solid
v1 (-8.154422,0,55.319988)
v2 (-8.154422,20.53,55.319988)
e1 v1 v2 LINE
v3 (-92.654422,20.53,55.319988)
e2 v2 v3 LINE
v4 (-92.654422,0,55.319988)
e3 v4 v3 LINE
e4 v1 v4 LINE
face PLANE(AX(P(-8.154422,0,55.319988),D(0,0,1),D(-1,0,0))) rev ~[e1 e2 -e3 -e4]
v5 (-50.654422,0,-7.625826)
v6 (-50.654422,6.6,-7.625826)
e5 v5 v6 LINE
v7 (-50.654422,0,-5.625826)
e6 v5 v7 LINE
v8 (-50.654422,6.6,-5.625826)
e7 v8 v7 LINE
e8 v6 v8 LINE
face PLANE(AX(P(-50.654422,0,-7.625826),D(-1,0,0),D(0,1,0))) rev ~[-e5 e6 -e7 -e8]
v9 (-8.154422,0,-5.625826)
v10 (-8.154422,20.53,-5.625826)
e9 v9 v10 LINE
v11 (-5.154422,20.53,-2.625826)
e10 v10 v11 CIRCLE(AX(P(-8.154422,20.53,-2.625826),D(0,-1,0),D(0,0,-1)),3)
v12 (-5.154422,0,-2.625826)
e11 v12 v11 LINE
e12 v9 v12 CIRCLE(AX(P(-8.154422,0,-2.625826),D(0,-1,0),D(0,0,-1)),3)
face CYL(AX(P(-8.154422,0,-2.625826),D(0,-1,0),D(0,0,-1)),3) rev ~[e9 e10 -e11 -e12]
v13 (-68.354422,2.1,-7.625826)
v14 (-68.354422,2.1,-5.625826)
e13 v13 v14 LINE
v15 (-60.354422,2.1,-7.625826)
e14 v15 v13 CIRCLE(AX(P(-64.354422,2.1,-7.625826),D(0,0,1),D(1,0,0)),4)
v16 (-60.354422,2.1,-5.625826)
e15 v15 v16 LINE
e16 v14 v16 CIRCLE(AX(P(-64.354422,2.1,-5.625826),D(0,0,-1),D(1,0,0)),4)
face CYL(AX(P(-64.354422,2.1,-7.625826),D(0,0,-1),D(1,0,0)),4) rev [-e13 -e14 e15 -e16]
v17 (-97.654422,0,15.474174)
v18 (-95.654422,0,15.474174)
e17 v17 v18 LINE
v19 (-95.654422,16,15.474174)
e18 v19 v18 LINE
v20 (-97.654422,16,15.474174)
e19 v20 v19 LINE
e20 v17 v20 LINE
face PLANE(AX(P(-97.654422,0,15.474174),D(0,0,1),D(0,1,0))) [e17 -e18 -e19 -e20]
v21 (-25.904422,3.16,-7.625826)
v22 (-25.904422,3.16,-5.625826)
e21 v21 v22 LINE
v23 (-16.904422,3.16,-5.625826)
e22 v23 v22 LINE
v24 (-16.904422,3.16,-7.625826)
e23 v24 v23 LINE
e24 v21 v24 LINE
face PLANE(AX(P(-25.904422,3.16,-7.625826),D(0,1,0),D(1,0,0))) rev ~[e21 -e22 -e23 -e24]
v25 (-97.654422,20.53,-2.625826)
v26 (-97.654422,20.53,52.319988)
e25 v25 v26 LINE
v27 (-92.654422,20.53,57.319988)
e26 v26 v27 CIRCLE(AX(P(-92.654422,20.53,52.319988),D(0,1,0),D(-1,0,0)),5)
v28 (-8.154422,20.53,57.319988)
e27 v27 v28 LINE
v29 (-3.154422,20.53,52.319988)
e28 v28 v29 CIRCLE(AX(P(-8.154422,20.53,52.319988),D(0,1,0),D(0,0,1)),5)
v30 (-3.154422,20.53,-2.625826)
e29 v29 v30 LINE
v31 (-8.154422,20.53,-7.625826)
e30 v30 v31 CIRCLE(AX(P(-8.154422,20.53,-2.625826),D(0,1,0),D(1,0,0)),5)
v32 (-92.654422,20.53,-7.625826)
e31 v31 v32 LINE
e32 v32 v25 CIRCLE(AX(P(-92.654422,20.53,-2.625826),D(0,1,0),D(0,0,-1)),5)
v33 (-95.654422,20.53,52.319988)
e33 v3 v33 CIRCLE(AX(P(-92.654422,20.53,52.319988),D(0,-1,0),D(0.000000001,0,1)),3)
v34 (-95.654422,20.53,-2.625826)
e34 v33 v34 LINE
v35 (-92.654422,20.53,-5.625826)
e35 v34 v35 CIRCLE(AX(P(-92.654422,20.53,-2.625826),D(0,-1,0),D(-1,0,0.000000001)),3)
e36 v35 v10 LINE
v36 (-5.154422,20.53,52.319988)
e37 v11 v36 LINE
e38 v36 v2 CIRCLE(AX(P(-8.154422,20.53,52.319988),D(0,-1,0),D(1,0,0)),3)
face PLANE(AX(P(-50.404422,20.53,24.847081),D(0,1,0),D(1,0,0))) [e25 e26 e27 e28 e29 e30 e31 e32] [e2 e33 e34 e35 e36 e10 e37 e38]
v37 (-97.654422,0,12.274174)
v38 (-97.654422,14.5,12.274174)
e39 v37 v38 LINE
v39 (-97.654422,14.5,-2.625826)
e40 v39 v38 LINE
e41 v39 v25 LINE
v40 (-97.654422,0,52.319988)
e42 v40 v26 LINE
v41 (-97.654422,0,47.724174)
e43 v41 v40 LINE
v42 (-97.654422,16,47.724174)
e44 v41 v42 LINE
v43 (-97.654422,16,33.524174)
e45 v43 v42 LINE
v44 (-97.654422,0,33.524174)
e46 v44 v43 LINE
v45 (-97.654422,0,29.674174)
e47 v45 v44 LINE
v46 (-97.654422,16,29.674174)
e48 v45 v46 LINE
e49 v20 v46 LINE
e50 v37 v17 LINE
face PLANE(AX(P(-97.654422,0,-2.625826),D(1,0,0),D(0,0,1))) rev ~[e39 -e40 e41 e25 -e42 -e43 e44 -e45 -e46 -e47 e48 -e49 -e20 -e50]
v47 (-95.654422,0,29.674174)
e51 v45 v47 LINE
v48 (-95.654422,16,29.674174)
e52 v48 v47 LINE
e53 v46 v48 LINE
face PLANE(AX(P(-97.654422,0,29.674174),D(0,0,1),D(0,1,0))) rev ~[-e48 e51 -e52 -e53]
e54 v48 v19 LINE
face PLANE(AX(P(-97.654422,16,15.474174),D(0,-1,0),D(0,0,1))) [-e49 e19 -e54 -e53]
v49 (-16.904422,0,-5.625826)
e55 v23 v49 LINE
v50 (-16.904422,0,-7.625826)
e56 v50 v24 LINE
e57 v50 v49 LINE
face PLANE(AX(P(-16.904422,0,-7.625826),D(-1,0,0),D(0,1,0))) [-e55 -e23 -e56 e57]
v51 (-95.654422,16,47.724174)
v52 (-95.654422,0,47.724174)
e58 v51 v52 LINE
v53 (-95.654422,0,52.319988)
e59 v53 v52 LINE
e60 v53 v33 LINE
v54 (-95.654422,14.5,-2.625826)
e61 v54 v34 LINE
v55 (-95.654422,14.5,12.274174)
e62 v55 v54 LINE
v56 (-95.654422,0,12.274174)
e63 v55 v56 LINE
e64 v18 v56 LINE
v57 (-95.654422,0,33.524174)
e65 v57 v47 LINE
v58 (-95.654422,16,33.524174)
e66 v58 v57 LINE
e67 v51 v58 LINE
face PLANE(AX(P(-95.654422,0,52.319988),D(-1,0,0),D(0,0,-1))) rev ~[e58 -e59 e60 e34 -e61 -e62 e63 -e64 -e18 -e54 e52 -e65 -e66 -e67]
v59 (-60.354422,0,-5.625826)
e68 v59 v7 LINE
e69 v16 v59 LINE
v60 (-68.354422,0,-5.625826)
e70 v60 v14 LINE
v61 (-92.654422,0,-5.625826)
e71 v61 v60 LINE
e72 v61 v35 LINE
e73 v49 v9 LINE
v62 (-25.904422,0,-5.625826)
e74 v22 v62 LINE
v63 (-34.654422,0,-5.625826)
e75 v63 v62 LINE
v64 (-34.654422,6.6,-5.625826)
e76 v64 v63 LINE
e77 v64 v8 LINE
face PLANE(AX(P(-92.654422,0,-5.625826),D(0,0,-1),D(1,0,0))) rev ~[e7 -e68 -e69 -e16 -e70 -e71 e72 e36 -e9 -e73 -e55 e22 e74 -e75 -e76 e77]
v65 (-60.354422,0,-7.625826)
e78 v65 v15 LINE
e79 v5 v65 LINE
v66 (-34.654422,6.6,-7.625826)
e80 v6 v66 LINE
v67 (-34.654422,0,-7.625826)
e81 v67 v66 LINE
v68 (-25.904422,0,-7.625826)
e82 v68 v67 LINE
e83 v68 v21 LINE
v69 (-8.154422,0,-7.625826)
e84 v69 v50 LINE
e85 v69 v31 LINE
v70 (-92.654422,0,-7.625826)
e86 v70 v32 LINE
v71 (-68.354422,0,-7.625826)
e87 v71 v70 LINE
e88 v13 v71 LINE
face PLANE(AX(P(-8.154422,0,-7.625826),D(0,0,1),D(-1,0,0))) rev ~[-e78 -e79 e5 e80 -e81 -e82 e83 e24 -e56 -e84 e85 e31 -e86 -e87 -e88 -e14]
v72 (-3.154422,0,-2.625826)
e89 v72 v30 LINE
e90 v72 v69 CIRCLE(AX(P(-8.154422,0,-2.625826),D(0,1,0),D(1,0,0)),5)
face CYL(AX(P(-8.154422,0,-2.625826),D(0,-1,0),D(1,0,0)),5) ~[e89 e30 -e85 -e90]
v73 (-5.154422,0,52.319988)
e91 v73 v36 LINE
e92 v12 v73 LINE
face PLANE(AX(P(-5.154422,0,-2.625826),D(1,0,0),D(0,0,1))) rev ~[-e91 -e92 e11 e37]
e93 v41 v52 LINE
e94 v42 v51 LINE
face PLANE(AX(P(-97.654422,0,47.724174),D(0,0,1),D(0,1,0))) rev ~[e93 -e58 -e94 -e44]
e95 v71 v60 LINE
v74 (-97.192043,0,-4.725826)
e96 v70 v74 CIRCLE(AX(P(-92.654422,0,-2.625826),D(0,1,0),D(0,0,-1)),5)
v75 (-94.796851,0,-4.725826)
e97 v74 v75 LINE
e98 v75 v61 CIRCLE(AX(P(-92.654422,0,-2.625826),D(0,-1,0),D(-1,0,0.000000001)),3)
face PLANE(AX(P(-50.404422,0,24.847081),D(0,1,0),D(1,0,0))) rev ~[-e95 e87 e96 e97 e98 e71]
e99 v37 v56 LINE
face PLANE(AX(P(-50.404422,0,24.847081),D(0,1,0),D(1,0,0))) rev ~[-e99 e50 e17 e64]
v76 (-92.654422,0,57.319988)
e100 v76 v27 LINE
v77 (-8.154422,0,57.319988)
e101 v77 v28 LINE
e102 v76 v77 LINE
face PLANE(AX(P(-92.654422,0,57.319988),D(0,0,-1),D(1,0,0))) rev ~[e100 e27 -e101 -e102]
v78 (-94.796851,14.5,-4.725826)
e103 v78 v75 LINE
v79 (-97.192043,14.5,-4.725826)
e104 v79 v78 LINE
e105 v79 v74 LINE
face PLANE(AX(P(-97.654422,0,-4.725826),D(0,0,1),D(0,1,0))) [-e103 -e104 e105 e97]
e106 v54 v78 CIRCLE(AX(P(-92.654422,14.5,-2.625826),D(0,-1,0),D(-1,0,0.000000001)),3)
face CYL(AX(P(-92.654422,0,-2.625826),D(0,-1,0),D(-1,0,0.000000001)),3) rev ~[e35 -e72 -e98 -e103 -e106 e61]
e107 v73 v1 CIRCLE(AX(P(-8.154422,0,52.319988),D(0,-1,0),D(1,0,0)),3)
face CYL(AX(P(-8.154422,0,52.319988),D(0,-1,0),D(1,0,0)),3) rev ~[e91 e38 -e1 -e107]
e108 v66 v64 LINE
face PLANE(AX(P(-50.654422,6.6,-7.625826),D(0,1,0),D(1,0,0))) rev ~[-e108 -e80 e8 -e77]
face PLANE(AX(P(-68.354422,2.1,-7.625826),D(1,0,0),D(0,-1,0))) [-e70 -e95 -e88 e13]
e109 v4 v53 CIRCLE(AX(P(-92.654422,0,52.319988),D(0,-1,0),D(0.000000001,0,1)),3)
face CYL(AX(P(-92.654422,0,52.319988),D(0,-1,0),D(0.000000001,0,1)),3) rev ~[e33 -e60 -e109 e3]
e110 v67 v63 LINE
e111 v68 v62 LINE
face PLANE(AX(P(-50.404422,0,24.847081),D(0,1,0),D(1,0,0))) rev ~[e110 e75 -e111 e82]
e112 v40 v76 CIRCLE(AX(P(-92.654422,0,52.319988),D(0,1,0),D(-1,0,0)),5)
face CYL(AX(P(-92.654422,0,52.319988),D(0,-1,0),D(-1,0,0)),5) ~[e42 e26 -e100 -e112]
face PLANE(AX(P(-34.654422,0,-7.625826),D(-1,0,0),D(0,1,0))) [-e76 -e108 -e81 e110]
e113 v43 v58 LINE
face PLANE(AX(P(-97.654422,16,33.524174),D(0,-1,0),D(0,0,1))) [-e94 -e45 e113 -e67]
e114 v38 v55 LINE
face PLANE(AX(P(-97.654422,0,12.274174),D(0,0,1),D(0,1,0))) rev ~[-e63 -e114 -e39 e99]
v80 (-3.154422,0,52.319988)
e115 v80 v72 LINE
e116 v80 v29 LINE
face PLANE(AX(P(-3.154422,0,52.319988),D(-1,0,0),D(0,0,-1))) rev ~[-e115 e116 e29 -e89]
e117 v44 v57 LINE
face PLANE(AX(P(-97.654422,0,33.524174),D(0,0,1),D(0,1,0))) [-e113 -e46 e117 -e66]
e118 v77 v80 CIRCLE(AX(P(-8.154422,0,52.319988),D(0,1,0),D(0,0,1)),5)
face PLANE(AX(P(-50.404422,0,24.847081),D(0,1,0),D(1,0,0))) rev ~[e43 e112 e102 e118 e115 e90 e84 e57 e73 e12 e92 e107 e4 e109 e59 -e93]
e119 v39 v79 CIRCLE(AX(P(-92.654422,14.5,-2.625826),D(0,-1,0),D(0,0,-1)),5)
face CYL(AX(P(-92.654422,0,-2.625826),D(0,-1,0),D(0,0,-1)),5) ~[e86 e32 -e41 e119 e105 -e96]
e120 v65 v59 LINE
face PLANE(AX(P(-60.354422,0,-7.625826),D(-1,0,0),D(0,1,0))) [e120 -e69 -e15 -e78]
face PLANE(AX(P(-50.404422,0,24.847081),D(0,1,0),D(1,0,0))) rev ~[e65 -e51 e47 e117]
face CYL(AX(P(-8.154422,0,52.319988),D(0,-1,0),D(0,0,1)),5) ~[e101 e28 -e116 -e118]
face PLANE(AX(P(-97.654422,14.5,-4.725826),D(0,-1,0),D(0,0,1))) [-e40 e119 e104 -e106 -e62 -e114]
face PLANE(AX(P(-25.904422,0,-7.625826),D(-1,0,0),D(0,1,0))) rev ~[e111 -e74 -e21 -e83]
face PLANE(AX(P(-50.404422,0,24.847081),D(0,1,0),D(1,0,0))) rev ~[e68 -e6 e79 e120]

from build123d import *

# Parameters (mm, degrees)
BOSS_EXTRUDE1_DEPTH = 20.53
CUT_EXTRUDE1_REACH  = 112.841
SKETCH2_W           = 17
SKETCH2_H           = 14.5
SKETCH2_W_2         = 14.2
SKETCH2_H_2         = 16
CUT_EXTRUDE2_REACH  = 121.062
SKETCH3_W           = 9
SKETCH3_H           = 3.16
SKETCH3_W_2         = 16
SKETCH3_H_2         = 6.6


with BuildPart() as part:
    # Sketch1 → Boss-Extrude1 (new body)
    with BuildSketch(Plane(origin=(0, 0, 0), x_dir=(1, 0, 0), z_dir=(0, 1, 0))):
        with BuildLine():
            Line((-97.654422032, 2.625826009), (-97.654422032, -52.319988394))
            ThreePointArc((-97.654422032, -52.319988394), (-96.189955938, -55.8555223), (-92.654422032, -57.319988394))
            Line((-92.654422032, -57.319988394), (-8.154422032, -57.319988394))
            ThreePointArc((-8.154422032, -57.319988394), (-4.618888126, -55.8555223), (-3.154422032, -52.319988394))
            Line((-3.154422032, -52.319988394), (-3.154422032, 2.625826009))
            ThreePointArc((-3.154422032, 2.625826009), (-4.618888126, 6.161359915), (-8.154422032, 7.625826009))
            Line((-8.154422032, 7.625826009), (-92.654422032, 7.625826009))
            ThreePointArc((-92.654422032, 7.625826009), (-96.189955938, 6.161359915), (-97.654422032, 2.625826009))
        make_face()
        with BuildLine():
            Line((-92.654422032, 5.625826009), (-8.154422032, 5.625826009))
            ThreePointArc((-8.154422032, 5.625826009), (-6.033101689, 4.747146353), (-5.154422032, 2.625826009))
            Line((-5.154422032, 2.625826009), (-5.154422032, -52.319988394))
            ThreePointArc((-5.154422032, -52.319988394), (-6.033101689, -54.441308738), (-8.154422032, -55.319988394))
            Line((-8.154422032, -55.319988394), (-92.654422032, -55.319988394))
            ThreePointArc((-92.654422032, -55.319988394), (-94.775742376, -54.441308738), (-95.654422032, -52.319988394))
            Line((-95.654422032, -52.319988394), (-95.654422032, 2.625826009))
            ThreePointArc((-95.654422032, 2.625826009), (-94.775742376, 4.747146353), (-92.654422032, 5.625826009))
        make_face(mode=Mode.SUBTRACT)
    extrude(amount=BOSS_EXTRUDE1_DEPTH)

    # Sketch2 → Cut-Extrude1 (cut, up to next)
    with BuildSketch(Plane(origin=(-97.654422032, 0, 3.154422032), x_dir=(0, 0, 1), z_dir=(-1, 0, 0)), mode=Mode.PRIVATE) as cut_extrude1_sk1:
        with Locations((0.619751959, 7.25)):
            Rectangle(SKETCH2_W, SKETCH2_H)
    cut_extrude1_tool1 = extrude(cut_extrude1_sk1.sketch, amount=-CUT_EXTRUDE1_REACH, mode=Mode.PRIVATE) & part.part
    # Sketch2 → Cut-Extrude1 (cut, up to next)
    with BuildSketch(Plane(origin=(-97.654422032, 0, 3.154422032), x_dir=(0, 0, 1), z_dir=(-1, 0, 0)), mode=Mode.PRIVATE) as cut_extrude1_sk2:
        with Locations((19.419751959, 8)):
            Rectangle(SKETCH2_W_2, SKETCH2_H_2)
    cut_extrude1_tool2 = extrude(cut_extrude1_sk2.sketch, amount=-CUT_EXTRUDE1_REACH, mode=Mode.PRIVATE) & part.part
    # Sketch2 → Cut-Extrude1 (cut, up to next)
    with BuildSketch(Plane(origin=(-97.654422032, 0, 3.154422032), x_dir=(0, 0, 1), z_dir=(-1, 0, 0)), mode=Mode.PRIVATE) as cut_extrude1_sk3:
        with Locations((37.469751959, 8)):
            Rectangle(SKETCH2_W_2, SKETCH2_H_2)
    cut_extrude1_tool3 = extrude(cut_extrude1_sk3.sketch, amount=-CUT_EXTRUDE1_REACH, mode=Mode.PRIVATE) & part.part
    add(cut_extrude1_tool1.solids().sort_by_distance((-97.654422, 7.25, 3.774174))[0], mode=Mode.SUBTRACT)
    add(cut_extrude1_tool2.solids().sort_by_distance((-97.654422, 8, 22.574174))[0], mode=Mode.SUBTRACT)
    add(cut_extrude1_tool3.solids().sort_by_distance((-97.654422, 8, 40.624174))[0], mode=Mode.SUBTRACT)

    # Sketch3 → Cut-Extrude2 (cut, up to next)
    with BuildSketch(Plane.XY.offset(-7.625826009), mode=Mode.PRIVATE) as cut_extrude2_sk1:
        with Locations((-21.404422032, 1.58)):
            Rectangle(SKETCH3_W, SKETCH3_H)
    cut_extrude2_tool1 = extrude(cut_extrude2_sk1.sketch, amount=CUT_EXTRUDE2_REACH, mode=Mode.PRIVATE) & part.part
    # Sketch3 → Cut-Extrude2 (cut, up to next)
    with BuildSketch(Plane.XY.offset(-7.625826009), mode=Mode.PRIVATE) as cut_extrude2_sk2:
        with Locations((-42.654422032, 3.3)):
            Rectangle(SKETCH3_W_2, SKETCH3_H_2)
    cut_extrude2_tool2 = extrude(cut_extrude2_sk2.sketch, amount=CUT_EXTRUDE2_REACH, mode=Mode.PRIVATE) & part.part
    # Sketch3 → Cut-Extrude2 (cut, up to next)
    with BuildSketch(Plane.XY.offset(-7.625826009), mode=Mode.PRIVATE) as cut_extrude2_sk3:
        with BuildLine():
            Line((-68.354422032, 0), (-60.354422032, 0))
            Line((-60.354422032, 0), (-60.354422032, 2.1))
            ThreePointArc((-60.354422032, 2.1), (-64.354422032, 6.1), (-68.354422032, 2.1))
            Line((-68.354422032, 2.1), (-68.354422032, 0))
        make_face()
    cut_extrude2_tool3 = extrude(cut_extrude2_sk3.sketch, amount=CUT_EXTRUDE2_REACH, mode=Mode.PRIVATE) & part.part
    add(cut_extrude2_tool1.solids().sort_by_distance((-21.404422, 1.58, -7.625826))[0], mode=Mode.SUBTRACT)
    add(cut_extrude2_tool2.solids().sort_by_distance((-42.654422, 3.3, -7.625826))[0], mode=Mode.SUBTRACT)
    add(cut_extrude2_tool3.solids().sort_by_distance((-64.354422, 2.696829, -7.625826))[0], mode=Mode.SUBTRACT)


solid = part.part
